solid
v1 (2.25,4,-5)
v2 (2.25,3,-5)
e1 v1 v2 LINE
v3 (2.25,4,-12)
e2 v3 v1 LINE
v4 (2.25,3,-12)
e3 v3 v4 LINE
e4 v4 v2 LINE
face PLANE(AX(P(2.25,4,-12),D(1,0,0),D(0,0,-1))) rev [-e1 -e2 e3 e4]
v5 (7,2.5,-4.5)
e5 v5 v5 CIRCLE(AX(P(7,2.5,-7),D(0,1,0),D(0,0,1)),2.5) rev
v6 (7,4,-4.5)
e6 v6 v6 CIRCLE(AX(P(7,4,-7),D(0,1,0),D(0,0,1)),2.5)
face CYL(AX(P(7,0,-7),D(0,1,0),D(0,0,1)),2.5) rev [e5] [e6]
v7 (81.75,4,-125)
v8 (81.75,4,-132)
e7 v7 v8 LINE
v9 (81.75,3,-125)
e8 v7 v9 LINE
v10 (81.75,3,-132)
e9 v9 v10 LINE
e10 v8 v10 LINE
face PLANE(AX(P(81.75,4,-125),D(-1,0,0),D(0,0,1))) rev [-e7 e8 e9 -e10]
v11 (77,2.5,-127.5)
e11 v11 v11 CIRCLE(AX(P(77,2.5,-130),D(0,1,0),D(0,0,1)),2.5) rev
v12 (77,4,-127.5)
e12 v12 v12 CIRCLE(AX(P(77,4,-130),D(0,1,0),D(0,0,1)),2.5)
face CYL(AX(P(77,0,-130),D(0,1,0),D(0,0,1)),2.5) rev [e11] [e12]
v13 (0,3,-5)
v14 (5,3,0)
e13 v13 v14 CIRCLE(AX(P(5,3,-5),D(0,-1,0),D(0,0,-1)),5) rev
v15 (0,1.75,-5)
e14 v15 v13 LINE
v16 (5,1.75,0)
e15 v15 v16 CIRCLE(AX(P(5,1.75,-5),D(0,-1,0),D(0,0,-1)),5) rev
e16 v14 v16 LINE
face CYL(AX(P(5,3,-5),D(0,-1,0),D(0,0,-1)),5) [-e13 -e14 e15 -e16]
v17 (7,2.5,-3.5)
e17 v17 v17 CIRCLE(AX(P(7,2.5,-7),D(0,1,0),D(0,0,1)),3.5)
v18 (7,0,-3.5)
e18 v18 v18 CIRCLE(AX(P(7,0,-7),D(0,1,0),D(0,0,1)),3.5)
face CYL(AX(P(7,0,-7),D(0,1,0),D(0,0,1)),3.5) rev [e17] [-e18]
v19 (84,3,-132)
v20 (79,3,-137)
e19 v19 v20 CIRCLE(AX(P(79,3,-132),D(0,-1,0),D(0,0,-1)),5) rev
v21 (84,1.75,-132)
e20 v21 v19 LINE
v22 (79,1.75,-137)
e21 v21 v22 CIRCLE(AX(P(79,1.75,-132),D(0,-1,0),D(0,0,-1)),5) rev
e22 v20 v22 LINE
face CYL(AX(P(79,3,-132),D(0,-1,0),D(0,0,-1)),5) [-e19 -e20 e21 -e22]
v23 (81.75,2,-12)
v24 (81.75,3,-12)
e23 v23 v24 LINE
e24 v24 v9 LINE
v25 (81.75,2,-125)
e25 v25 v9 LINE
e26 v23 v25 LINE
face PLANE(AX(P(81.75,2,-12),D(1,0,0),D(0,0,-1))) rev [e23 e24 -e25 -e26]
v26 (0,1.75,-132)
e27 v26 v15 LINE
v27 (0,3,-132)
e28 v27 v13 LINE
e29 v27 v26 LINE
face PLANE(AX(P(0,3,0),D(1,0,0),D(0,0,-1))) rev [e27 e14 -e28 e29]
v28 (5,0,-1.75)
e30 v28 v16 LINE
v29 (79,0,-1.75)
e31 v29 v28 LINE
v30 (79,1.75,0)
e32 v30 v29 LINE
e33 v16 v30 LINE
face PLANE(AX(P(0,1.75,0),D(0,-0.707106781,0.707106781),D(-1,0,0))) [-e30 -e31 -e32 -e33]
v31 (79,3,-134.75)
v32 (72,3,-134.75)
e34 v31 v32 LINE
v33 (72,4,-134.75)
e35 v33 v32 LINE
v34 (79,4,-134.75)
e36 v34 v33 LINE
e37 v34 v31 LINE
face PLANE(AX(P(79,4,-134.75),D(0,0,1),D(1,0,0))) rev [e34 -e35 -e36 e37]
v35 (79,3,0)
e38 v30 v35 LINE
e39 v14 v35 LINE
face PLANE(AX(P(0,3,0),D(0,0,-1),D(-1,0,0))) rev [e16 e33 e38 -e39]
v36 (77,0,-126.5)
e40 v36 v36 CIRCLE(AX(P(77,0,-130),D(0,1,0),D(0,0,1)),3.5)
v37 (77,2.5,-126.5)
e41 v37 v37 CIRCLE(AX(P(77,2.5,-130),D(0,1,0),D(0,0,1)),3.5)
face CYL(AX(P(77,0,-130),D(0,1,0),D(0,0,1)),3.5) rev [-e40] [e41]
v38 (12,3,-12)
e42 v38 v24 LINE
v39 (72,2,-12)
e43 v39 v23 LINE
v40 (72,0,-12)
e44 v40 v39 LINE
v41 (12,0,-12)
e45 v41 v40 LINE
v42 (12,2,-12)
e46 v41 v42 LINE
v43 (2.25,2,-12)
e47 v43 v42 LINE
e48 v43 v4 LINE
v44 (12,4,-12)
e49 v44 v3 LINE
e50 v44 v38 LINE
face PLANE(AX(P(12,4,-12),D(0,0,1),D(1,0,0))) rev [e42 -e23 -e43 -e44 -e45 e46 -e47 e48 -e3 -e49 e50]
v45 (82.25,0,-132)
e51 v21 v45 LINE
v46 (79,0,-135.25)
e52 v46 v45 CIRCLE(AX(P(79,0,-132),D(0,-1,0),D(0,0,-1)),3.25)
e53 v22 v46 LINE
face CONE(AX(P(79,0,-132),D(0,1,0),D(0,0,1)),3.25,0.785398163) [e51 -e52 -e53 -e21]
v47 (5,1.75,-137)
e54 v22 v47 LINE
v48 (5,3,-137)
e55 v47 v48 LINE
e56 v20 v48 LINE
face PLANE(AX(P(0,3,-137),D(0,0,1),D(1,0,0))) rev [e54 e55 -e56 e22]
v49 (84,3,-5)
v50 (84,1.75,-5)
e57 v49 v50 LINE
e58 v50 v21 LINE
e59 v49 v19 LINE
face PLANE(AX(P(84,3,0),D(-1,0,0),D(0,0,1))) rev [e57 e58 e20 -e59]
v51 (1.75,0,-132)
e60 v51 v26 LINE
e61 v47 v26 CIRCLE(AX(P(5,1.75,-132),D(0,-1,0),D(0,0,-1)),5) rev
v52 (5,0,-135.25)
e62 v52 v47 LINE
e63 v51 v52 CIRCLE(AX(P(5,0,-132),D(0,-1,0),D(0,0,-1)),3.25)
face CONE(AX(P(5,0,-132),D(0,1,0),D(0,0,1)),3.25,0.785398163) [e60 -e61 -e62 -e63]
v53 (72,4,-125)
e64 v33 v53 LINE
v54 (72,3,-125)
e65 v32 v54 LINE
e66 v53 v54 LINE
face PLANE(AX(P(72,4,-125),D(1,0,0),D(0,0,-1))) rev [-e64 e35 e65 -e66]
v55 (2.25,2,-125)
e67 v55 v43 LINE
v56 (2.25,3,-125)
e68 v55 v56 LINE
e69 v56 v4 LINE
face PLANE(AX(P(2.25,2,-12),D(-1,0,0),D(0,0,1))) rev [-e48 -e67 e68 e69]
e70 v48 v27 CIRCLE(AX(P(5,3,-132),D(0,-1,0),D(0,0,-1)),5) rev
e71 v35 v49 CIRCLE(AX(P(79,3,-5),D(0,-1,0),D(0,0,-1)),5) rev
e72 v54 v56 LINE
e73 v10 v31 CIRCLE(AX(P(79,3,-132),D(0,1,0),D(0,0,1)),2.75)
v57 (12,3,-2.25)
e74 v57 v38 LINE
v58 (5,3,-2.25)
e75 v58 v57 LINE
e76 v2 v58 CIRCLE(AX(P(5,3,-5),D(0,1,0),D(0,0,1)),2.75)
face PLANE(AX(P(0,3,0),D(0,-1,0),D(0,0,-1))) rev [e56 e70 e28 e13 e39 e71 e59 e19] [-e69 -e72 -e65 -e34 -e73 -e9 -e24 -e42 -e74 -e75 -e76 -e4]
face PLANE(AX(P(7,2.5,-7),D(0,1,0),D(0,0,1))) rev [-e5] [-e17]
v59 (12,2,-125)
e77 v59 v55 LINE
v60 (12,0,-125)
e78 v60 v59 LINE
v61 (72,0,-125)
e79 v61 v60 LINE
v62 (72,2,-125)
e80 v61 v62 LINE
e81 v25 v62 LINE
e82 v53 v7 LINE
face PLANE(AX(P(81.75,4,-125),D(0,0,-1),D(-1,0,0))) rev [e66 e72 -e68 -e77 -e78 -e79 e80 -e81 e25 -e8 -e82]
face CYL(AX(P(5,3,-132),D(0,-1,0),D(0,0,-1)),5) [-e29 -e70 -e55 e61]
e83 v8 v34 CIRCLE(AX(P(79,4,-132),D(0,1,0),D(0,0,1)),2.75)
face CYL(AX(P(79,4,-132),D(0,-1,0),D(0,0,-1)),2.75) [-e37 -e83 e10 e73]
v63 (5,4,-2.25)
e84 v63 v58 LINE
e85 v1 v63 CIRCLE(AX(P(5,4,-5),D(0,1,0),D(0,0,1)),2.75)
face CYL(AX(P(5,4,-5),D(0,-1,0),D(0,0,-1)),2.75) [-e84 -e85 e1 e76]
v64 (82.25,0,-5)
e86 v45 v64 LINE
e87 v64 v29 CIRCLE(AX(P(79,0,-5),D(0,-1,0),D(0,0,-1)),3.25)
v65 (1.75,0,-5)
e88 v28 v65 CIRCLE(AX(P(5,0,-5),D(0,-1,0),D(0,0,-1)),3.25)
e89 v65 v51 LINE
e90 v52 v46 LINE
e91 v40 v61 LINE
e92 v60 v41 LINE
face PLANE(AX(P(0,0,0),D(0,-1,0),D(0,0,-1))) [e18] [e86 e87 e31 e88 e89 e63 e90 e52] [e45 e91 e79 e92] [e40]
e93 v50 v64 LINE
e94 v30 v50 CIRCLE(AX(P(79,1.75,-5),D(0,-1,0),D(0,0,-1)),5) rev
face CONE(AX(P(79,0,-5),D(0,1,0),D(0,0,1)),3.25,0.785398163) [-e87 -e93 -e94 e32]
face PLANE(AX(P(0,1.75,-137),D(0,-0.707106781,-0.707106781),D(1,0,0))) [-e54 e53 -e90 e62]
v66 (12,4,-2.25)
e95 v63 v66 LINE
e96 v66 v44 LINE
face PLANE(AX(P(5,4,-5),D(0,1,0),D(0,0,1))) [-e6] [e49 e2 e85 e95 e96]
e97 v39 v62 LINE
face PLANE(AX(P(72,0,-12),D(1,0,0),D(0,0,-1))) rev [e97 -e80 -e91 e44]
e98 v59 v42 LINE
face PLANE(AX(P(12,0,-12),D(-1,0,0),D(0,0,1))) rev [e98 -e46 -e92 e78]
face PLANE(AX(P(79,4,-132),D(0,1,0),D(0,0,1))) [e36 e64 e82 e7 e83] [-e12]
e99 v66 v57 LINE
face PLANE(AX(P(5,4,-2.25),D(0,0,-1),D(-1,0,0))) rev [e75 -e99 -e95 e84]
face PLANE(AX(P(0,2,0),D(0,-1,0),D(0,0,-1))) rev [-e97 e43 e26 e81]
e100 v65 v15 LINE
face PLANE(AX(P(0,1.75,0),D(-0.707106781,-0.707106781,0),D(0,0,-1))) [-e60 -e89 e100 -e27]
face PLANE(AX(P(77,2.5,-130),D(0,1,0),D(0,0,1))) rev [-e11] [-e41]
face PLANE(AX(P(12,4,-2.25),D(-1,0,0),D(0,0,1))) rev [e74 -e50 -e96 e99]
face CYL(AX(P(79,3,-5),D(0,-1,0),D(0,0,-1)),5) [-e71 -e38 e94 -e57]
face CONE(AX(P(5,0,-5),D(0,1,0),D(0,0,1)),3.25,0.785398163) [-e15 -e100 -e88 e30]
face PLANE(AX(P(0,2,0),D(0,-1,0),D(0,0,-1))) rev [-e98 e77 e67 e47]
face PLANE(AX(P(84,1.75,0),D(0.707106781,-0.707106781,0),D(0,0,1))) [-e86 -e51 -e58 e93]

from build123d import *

# Parameters (mm, degrees)
SKETCH1_W           = 84
SKETCH1_H           = 137
BOSS_EXTRUDE1_DEPTH = 3
BOSS_EXTRUDE2_DEPTH = 1
FILLET1_R           = 5
SKETCH4_R           = 2.5
CUT_EXTRUDE1_DEPTH  = 5
SKETCH5_R           = 3.5
CUT_EXTRUDE2_DEPTH  = 3.5
SKETCH6_W           = 60
SKETCH6_H           = 113
CUT_EXTRUDE3_DEPTH  = 4
SKETCH7_W           = 79.5
SKETCH7_H           = 113
CUT_EXTRUDE4_DEPTH  = 1
CHAMFER1_SIZE       = 1.75


with BuildPart() as part:
    # Sketch1 → Boss-Extrude1 (new body)
    with BuildSketch(Plane(origin=(0, 0, 0), x_dir=(1, 0, 0), z_dir=(0, 1, 0))):
        with Locations((42, 68.5)):
            Rectangle(SKETCH1_W, SKETCH1_H)
    extrude(amount=BOSS_EXTRUDE1_DEPTH)

    # Sketch3 → Boss-Extrude2 (add)
    with BuildSketch(Plane(origin=(0, 3, 0), x_dir=(1, 0, 0), z_dir=(0, 1, 0))):
        with BuildLine():
            Line((81.75, 125), (72, 125))
            Line((72, 125), (72, 134.75))
            Line((72, 134.75), (79, 134.75))
            ThreePointArc((79, 134.75), (80.944543648, 133.944543648), (81.75, 132))
            Line((81.75, 132), (81.75, 125))
        make_face()
        with BuildLine():
            Line((12, 2.25), (12, 12))
            Line((12, 12), (2.25, 12))
            Line((2.25, 12), (2.25, 5))
            ThreePointArc((2.25, 5), (3.055456352, 3.055456352), (5, 2.25))
            Line((5, 2.25), (12, 2.25))
        make_face()
    extrude(amount=BOSS_EXTRUDE2_DEPTH)

    # Fillet1
    fillet1_edges = [part.edges().sort_by_distance(p)[0] for p in [
        (0, 1.5, -137),
        (84, 1.5, -137),
        (84, 1.5, 0),
        (0, 1.5, 0),
    ]]
    fillet(fillet1_edges, radius=FILLET1_R)

    # Sketch4 → Cut-Extrude1 (cut, through all)
    with BuildSketch(Plane(origin=(0, 4, 0), x_dir=(1, 0, 0), z_dir=(0, 1, 0))):
        with Locations((7, 7)):
            Circle(SKETCH4_R)
        with Locations((77, 130)):
            Circle(SKETCH4_R)
    extrude(amount=-CUT_EXTRUDE1_DEPTH, mode=Mode.SUBTRACT)

    # Sketch5 → Cut-Extrude2 (cut, through all)
    with BuildSketch(Plane(origin=(0, 2.5, 0), x_dir=(1, 0, 0), z_dir=(0, 1, 0))):
        with Locations((7, 7)):
            Circle(SKETCH5_R)
        with Locations((77, 130)):
            Circle(SKETCH5_R)
    extrude(amount=-CUT_EXTRUDE2_DEPTH, mode=Mode.SUBTRACT)

    # Sketch6 → Cut-Extrude3 (cut, through all)
    with BuildSketch(Plane(origin=(0, 3, 0), x_dir=(1, 0, 0), z_dir=(0, 1, 0))):
        with Locations((42, 68.5)):
            Rectangle(SKETCH6_W, SKETCH6_H)
    extrude(amount=-CUT_EXTRUDE3_DEPTH, mode=Mode.SUBTRACT)

    # Sketch7 → Cut-Extrude4 (cut)
    with BuildSketch(Plane(origin=(0, 3, 0), x_dir=(1, 0, 0), z_dir=(0, 1, 0))):
        with Locations((42, 68.5)):
            Rectangle(SKETCH7_W, SKETCH7_H)
    extrude(amount=-CUT_EXTRUDE4_DEPTH, mode=Mode.SUBTRACT)

    # Chamfer1
    chamfer1_edges = [part.edges().sort_by_distance(p)[0] for p in [
        (84, 0, -68.5),
        (0, 0, -68.5),
        (42, 0, -137),
        (42, 0, 0),
        (82.535533906, 0, -135.535533906),
        (1.464466094, 0, -135.535533906),
        (1.464466094, 0, -1.464466094),
        (82.535533906, 0, -1.464466094),
    ]]
    chamfer(chamfer1_edges, length=CHAMFER1_SIZE)


solid = part.part
